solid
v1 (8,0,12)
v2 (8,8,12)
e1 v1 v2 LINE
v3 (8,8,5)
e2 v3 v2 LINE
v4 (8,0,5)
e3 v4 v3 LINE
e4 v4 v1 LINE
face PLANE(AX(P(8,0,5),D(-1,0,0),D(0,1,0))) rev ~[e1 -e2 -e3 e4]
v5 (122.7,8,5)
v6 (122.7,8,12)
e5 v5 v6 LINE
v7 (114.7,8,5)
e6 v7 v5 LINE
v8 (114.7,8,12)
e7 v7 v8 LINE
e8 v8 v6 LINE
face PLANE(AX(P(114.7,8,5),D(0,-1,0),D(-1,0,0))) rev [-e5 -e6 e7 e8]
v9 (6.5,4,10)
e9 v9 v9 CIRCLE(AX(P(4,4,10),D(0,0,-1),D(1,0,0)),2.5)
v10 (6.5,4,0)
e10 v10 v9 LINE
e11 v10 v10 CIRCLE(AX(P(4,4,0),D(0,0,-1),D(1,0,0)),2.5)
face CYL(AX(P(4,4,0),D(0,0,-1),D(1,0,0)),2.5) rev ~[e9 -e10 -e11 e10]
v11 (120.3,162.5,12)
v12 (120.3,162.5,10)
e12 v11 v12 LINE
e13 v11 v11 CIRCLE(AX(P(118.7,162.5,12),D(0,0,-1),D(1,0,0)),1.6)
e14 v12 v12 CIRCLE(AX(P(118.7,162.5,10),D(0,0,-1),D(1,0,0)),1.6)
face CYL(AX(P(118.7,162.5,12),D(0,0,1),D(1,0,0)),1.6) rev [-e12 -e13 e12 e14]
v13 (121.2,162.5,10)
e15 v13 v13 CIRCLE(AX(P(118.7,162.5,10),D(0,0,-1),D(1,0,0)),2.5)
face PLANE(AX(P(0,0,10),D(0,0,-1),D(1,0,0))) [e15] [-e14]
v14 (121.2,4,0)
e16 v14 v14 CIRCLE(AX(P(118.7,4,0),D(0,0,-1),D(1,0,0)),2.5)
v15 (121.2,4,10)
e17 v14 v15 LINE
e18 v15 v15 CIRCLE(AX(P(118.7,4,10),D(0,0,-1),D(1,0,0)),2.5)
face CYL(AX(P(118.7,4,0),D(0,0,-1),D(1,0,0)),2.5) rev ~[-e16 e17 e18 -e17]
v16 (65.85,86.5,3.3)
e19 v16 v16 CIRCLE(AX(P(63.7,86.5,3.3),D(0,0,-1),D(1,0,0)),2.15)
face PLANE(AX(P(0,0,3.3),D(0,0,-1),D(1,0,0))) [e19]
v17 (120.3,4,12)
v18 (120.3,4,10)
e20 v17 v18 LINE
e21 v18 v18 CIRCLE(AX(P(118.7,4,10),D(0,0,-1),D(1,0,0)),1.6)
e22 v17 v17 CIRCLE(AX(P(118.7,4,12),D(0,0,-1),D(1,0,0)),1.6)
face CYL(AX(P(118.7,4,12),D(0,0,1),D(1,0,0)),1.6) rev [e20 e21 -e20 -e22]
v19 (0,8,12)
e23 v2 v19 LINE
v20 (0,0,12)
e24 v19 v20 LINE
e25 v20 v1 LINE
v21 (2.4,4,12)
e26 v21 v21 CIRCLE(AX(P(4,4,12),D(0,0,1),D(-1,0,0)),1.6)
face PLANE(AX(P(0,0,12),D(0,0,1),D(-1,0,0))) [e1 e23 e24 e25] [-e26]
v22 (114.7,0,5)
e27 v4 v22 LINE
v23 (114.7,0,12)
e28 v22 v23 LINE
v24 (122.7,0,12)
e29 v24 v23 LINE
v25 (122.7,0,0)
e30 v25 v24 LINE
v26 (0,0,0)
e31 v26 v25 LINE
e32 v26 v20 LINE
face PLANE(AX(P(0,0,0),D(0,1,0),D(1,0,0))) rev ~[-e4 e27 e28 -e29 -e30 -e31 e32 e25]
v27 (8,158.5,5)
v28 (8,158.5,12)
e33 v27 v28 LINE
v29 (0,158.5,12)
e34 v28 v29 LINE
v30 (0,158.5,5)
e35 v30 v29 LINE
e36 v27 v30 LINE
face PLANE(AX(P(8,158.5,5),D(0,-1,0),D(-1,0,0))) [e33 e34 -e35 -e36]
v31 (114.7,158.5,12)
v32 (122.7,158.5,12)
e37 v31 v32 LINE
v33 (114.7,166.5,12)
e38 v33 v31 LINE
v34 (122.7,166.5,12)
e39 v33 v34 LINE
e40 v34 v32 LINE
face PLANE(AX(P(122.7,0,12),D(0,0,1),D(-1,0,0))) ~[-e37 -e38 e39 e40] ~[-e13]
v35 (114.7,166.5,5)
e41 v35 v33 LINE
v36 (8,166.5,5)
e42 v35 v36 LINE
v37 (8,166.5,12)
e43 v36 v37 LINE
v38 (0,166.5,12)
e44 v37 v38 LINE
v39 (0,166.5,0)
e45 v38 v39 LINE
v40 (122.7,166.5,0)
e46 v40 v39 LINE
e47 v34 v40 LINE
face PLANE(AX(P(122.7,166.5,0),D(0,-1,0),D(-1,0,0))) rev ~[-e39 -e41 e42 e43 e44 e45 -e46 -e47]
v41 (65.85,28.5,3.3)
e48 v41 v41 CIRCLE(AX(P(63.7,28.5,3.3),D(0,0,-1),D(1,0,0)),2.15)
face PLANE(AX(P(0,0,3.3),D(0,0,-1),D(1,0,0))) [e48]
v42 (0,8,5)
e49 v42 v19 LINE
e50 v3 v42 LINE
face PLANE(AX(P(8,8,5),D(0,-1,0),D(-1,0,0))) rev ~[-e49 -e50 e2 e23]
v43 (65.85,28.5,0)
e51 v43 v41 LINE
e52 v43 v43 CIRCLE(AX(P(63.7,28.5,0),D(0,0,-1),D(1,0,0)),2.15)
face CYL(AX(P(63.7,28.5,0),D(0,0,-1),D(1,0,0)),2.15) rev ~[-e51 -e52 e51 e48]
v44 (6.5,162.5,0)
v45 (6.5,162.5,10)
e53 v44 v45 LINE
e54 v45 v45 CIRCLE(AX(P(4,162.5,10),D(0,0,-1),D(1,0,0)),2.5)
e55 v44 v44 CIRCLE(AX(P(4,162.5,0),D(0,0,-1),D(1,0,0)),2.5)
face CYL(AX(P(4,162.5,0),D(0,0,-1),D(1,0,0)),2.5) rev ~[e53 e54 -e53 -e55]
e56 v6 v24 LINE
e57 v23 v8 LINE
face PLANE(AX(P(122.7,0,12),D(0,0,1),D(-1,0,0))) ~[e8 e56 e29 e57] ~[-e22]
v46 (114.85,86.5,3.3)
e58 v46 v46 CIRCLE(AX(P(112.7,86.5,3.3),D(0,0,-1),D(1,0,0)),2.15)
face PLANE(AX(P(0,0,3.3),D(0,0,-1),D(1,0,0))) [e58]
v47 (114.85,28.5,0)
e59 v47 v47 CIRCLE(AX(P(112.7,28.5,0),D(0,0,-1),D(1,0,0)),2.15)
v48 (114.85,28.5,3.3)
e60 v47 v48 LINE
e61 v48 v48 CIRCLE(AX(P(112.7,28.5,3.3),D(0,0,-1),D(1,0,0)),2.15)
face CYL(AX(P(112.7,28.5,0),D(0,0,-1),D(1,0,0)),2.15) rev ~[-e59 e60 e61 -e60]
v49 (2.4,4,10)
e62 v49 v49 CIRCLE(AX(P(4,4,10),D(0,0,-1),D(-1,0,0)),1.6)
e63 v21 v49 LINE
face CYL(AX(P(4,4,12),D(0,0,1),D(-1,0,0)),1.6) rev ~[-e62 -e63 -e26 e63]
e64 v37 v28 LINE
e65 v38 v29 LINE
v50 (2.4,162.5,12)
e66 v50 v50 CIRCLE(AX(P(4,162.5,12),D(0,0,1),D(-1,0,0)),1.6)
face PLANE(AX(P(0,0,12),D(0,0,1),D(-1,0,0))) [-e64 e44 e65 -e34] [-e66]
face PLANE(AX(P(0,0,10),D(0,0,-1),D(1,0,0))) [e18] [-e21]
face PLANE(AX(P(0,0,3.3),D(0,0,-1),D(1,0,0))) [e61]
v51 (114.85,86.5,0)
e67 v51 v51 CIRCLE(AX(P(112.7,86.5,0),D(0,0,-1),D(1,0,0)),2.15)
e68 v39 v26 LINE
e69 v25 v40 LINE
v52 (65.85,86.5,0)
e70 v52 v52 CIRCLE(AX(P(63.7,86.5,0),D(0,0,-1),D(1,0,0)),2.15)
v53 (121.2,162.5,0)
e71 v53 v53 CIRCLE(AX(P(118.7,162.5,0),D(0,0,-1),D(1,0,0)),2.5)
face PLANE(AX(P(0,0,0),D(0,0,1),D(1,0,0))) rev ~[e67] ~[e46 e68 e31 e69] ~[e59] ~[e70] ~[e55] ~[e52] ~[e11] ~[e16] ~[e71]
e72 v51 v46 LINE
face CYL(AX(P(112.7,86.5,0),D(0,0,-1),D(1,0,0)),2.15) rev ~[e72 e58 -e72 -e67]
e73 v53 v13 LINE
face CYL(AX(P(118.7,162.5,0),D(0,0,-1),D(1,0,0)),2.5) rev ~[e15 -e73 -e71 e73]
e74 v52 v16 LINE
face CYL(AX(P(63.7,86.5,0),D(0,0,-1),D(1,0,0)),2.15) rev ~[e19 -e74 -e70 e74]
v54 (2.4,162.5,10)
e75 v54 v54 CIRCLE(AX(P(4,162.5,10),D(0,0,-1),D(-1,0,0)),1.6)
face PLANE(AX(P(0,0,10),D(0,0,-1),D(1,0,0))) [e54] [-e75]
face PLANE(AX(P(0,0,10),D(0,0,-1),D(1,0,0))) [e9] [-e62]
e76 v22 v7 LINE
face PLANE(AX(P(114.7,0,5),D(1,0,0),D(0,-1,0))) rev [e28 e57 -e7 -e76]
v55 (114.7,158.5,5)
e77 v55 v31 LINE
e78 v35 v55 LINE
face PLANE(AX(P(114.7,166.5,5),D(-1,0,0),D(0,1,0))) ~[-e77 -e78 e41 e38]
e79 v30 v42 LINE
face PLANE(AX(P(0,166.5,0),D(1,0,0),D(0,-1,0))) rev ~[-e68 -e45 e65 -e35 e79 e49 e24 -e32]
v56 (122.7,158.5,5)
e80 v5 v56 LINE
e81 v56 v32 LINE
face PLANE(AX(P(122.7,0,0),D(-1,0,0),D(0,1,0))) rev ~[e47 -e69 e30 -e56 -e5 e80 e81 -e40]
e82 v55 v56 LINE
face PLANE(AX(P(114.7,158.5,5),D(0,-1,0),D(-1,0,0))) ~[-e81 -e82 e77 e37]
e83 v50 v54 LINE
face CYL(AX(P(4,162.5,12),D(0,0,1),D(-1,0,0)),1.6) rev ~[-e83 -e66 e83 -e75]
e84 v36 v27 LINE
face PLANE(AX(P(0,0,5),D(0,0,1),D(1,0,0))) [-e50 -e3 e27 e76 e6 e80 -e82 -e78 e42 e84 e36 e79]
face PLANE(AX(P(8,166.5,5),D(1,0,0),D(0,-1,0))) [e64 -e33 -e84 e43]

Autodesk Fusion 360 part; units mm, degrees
sketch "Sketch1" plane through (0, 0, 0) normal (0, 0, 1) x (1, 0, 0)
  line L0 (0, 0) -> (122.7, 0)
  line L1 (122.7, 0) -> (122.7, 166.5)
  line L2 (122.7, 166.5) -> (0, 166.5)
  line L3 (0, 166.5) -> (0, 0)
  dimension "d1" = 166.5
  dimension "d2" = 122.7
extrude "Extrude1" add sketch "Sketch1" along normal blind 5
sketch "Sketch2" plane through (0, 0, 5) normal (0, 0, 1) x (-1, 0, 0)
  line L0 (0, -166.5) -> (0, 0)
  line L1 (0, 0) -> (-122.7, 0)
  line L2 (-122.7, 0) -> (-122.7, -166.5)
  line L3 (-122.7, -166.5) -> (0, -166.5)
  line L4 (0, -166.5) -> (-8, -166.5)
  line L5 (-8, -166.5) -> (-8, -158.5)
  line L6 (-8, -158.5) -> (0, -158.5)
  line L7 (0, -158.5) -> (0, -166.5)
  line L8 (0, 0) -> (-8, 0)
  line L9 (-8, 0) -> (-8, -8)
  line L10 (-8, -8) -> (0, -8)
  line L11 (0, -8) -> (0, 0)
  dimension "d5" = 8
  dimension "d6" = 8
  dimension "d7" = 8
  dimension "d8" = 8
extrude "Extrude2" add sketch "Sketch2" along normal blind 7 contours L0 L3 L4 L5 L6 L7 | L0 L1 L8 L9 L10 L11
ref_plane "WorkPlane1" through (61.35, 83.25, 6) normal (-1, 0, 0) x (0, -1, 0)
mirror "Mirror1" about plane through (61.35, 83.25, 6) normal (-1, 0, 0) of "Extrude2"
sketch "Sketch3" plane through (0, 0, 12) normal (0, 0, 1) x (-1, 0, 0)
  line L0 (0, -158.5) -> (-8, -158.5)
  line L1 (-8, -158.5) -> (-8, -166.5)
  line L2 (-8, -166.5) -> (0, -166.5)
  line L3 (0, -166.5) -> (0, -158.5)
  circle A0 centre (-4, -162.5) radius 1.6
  circle A1 centre (-4, -4) radius 1.6
  line L4 (-8, -8) -> (0, -8)
  line L5 (0, -8) -> (0, 0)
  dimension "d13" = 3.2
  dimension "d14" = 4
  dimension "d15" = 4
  dimension "d16" = 3.2
  dimension "d17" = 4
  dimension "d18" = 4
extrude "Extrude3" cut sketch "Sketch3" against normal blind 13 contours A0 | A1
mirror "Mirror2" about plane through (61.35, 83.25, 6) normal (-1, 0, 0) of "Extrude3"
sketch "Sketch4" plane through (0, 0, 0) normal (0, 0, -1) x (1, 0, 0)
  circle A0 centre (118.7, -4) radius 1.6
  circle A1 centre (118.7, -162.5) radius 1.6
  circle A2 centre (4, -4) radius 1.6
  circle A3 centre (4, -162.5) radius 1.6
  line L0 (0, 0) -> (0, -166.5)
  line L1 (0, -166.5) -> (122.7, -166.5)
  line L2 (122.7, -166.5) -> (122.7, 0)
  line L3 (122.7, 0) -> (0, 0)
  circle A4 centre (63.7, -28.5) radius 2.15
  circle A5 centre (112.7, -28.5) radius 2.15
  circle A6 centre (63.7, -86.5) radius 2.15
  circle A7 centre (112.7, -86.5) radius 2.15
  line L4 (60.7, -31.5) -> (66.7, -31.5)
  line L5 (66.7, -31.5) -> (66.7, -25.5)
  line L6 (66.7, -25.5) -> (60.7, -25.5)
  line L7 (60.7, -25.5) -> (60.7, -31.5)
  line L8 (109.7, -25.5) -> (115.7, -25.5)
  line L9 (115.7, -25.5) -> (115.7, -31.5)
  line L10 (115.7, -31.5) -> (109.7, -31.5)
  line L11 (109.7, -31.5) -> (109.7, -25.5)
  line L12 (60.7, -83.5) -> (66.7, -83.5)
  line L13 (66.7, -83.5) -> (66.7, -89.5)
  line L14 (66.7, -89.5) -> (60.7, -89.5)
  line L15 (60.7, -89.5) -> (60.7, -83.5)
  line L16 (109.7, -83.5) -> (115.7, -83.5)
  line L17 (115.7, -83.5) -> (115.7, -89.5)
  line L18 (115.7, -89.5) -> (109.7, -89.5)
  line L19 (109.7, -89.5) -> (109.7, -83.5)
  dimension "d23" = 4.3
  dimension "d24" = 4.3
  dimension "d25" = 4.3
  dimension "d26" = 4.3
  dimension "d27" = 49
  dimension "d28" = 58
  dimension "d29" = 10
  dimension "d30" = 80
  dimension "d39" = 6
  dimension "d40" = 6
  dimension "d41" = 3
  dimension "d42" = 3
  dimension "d43" = 3
  dimension "d44" = 3
  dimension "d45" = 6
  dimension "d46" = 6
  dimension "d47" = 6
  dimension "d48" = 6
  dimension "d49" = 3
  dimension "d51" = 6
  dimension "d52" = 6
  dimension "d53" = 3
extrude "Extrude4" cut sketch "Sketch4" against normal blind 3.3 contours A4 | A5 | A6 | A7
sketch "Sketch5" plane through (0, 0, 0) normal (0, 0, -1) x (1, 0, 0)
  circle A0 centre (118.7, -4) radius 1.6
  circle A1 centre (118.7, -162.5) radius 1.6
  circle A2 centre (4, -4) radius 1.6
  circle A3 centre (4, -162.5) radius 1.6
  line L0 (0, 0) -> (0, -166.5)
  line L1 (0, -166.5) -> (122.7, -166.5)
  line L2 (122.7, -166.5) -> (122.7, 0)
  line L3 (122.7, 0) -> (0, 0)
  circle A4 centre (4, -4) radius 2.5
  circle A5 centre (118.7, -4) radius 2.5
  circle A6 centre (118.7, -162.5) radius 2.5
  circle A7 centre (4, -162.5) radius 2.5
  circle A8 centre (63.7, -86.5) radius 2.15
  circle A9 centre (112.7, -28.5) radius 2.15
  circle A10 centre (112.7, -86.5) radius 2.15
  circle A11 centre (63.7, -28.5) radius 2.15
  dimension "d33" = 5
  dimension "d34" = 5
  dimension "d35" = 5
  dimension "d36" = 5
extrude "Extrude5" cut sketch "Sketch5" against normal blind 10 contours A4 | A5 | A6 | A7
equation "d1 = 168.3 mm - 1.8 mm"
equation "d2 = 124 mm - 1.3 mm"
